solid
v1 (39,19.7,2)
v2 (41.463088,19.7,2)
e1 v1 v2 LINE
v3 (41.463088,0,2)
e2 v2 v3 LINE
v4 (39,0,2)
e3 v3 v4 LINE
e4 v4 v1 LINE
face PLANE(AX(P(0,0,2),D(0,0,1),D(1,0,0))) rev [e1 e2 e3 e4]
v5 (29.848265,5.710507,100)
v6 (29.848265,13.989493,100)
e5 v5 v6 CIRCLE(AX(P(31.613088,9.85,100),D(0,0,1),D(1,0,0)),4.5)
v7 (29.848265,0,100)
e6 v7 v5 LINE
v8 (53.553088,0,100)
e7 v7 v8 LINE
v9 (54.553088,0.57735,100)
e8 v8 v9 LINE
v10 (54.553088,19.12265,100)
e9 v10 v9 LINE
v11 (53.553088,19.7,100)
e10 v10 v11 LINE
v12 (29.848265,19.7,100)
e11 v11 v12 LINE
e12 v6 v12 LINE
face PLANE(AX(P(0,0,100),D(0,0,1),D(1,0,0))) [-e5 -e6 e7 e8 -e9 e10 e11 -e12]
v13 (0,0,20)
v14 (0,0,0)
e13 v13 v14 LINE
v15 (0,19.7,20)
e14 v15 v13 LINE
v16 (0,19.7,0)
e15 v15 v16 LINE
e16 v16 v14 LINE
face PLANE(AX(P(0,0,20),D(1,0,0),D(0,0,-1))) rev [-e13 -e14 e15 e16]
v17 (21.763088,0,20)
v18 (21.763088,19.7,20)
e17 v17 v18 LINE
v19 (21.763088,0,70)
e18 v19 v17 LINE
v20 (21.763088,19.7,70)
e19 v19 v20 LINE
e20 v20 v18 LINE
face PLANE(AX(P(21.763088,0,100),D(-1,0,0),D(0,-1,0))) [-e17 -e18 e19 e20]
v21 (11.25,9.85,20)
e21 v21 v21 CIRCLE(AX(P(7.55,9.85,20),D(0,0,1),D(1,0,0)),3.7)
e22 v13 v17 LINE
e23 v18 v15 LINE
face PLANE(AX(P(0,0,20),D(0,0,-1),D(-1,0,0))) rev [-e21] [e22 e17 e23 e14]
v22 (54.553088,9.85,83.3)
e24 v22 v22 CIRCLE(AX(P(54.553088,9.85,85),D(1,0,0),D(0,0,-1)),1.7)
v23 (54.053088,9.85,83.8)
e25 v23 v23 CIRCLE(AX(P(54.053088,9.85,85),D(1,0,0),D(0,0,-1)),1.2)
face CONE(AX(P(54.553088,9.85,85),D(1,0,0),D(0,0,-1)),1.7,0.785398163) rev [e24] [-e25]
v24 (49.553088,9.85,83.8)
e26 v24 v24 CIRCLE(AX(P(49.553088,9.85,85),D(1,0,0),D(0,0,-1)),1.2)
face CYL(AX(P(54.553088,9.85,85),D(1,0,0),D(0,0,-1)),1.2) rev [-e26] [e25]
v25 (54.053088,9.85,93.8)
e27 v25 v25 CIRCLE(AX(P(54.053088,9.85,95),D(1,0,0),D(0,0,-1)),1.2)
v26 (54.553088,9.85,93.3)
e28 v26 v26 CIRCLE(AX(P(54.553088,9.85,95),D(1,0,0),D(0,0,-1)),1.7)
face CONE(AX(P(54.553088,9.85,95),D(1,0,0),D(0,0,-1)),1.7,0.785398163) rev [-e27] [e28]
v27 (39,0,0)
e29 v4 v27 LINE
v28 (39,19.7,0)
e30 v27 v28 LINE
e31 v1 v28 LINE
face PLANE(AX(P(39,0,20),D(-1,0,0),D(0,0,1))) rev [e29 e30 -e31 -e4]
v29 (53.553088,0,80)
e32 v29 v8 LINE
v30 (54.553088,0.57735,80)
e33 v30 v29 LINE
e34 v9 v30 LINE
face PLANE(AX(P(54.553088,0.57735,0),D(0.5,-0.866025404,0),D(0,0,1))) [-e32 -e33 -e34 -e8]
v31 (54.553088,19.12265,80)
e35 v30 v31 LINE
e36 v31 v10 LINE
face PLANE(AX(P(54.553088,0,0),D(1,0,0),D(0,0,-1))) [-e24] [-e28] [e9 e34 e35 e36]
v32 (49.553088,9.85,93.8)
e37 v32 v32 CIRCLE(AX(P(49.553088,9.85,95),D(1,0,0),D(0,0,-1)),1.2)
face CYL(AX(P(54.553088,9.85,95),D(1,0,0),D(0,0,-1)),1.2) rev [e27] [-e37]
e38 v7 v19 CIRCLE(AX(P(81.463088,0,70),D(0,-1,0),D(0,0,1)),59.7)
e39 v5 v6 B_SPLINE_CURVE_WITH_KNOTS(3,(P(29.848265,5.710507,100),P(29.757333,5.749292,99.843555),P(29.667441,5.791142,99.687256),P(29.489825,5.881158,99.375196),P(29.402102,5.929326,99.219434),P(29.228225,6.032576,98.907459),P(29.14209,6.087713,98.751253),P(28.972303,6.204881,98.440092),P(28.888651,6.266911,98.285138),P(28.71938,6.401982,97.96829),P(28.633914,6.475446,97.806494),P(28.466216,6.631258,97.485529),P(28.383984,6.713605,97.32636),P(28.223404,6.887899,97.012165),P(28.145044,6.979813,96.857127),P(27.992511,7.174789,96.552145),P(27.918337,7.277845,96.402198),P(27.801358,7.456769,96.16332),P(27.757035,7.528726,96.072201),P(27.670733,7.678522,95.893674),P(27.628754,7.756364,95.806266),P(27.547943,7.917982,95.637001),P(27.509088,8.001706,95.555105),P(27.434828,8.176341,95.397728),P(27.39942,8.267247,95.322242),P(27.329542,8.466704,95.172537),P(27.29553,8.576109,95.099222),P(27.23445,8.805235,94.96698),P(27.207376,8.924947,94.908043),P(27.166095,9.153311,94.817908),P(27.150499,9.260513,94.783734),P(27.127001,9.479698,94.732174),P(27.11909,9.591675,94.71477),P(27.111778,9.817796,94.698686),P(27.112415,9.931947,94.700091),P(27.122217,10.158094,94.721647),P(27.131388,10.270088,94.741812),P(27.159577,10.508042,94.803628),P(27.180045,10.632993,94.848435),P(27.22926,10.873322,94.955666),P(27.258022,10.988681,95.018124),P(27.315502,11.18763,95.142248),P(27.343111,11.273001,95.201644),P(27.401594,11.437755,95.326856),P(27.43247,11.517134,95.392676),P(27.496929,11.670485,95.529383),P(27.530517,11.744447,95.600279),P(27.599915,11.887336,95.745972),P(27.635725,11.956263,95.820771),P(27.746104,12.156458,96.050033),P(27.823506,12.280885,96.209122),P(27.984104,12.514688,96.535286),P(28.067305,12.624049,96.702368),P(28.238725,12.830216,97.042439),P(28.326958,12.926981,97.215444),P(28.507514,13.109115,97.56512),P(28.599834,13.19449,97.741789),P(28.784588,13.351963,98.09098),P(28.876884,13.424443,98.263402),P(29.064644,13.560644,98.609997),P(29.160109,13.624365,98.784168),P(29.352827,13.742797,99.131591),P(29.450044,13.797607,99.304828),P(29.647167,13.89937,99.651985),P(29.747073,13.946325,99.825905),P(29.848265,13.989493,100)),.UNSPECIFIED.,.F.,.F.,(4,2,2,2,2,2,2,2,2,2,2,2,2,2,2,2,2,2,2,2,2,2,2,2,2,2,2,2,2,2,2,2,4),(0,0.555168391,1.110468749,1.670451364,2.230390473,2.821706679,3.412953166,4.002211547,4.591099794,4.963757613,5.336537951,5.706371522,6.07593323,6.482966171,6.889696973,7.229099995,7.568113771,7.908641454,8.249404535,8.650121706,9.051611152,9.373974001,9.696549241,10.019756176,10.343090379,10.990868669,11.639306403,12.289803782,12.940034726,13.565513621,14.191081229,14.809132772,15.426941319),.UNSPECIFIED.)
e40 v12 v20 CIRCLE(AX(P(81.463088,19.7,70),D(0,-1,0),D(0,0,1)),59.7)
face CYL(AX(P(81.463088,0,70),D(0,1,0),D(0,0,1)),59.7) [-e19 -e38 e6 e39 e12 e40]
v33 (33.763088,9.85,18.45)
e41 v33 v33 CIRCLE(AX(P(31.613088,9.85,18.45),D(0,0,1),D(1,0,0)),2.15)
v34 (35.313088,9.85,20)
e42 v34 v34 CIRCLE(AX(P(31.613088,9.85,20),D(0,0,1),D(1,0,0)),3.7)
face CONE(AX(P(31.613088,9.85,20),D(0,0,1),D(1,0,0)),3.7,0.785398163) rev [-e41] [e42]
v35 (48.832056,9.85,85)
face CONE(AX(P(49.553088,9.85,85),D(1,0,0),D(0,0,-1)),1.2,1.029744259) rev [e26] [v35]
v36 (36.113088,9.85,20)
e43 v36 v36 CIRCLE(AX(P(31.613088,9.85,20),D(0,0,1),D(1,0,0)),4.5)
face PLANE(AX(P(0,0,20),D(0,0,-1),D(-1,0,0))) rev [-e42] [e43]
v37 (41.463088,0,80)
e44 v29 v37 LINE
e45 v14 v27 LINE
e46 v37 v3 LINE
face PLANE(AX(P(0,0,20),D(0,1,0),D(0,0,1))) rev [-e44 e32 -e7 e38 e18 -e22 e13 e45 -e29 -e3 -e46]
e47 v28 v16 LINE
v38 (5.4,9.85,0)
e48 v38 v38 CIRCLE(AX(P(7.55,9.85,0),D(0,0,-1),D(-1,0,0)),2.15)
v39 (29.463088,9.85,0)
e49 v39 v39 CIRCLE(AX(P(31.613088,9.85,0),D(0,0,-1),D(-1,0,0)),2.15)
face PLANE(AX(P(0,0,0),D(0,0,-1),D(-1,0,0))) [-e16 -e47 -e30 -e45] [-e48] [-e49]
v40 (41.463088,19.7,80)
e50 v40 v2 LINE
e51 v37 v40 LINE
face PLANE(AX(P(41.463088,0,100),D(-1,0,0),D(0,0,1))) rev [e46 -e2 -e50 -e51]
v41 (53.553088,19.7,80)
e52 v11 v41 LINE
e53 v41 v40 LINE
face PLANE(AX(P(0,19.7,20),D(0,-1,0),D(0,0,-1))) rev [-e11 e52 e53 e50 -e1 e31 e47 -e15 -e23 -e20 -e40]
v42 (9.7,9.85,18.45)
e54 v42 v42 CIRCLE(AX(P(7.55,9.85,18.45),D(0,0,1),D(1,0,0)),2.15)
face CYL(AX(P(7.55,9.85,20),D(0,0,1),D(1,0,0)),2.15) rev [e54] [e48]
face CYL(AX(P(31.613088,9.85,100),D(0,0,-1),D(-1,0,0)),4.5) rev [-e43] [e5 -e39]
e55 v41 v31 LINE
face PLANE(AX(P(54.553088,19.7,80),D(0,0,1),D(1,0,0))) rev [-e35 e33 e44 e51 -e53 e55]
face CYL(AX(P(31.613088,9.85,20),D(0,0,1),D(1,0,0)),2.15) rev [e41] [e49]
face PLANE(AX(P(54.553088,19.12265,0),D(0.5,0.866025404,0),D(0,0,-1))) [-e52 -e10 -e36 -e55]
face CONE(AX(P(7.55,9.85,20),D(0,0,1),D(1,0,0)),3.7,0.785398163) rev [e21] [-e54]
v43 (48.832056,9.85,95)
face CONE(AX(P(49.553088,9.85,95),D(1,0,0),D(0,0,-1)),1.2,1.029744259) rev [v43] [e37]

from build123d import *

# Parameters (mm, degrees)
SCHIZZO1_W                             = 39
SCHIZZO1_H                             = 19.7
ESTRUSIONE_ESTRUSIONE1_DEPTH           = 20
FORO_SVASATO_PER_VITE_M4_1_D           = 4.3
FORO_SVASATO_PER_VITE_M4_1_DEPTH       = 20
FORO_SVASATO_PER_VITE_M4_1_CSINK_D     = 7.4
FORO_SVASATO_PER_VITE_M4_1_CSINK_ANGLE = 90
ESTRUSIONE_ESTRUSIONE4_DEPTH           = 80
SCHIZZO7_W                             = 2.463088349
SCHIZZO7_H                             = 19.7
ESTRUSIONE_ESTRUSIONE5_DEPTH           = 18
TAGLIO_ESTRUSIONE2_DEPTH               = 20.7
SCHIZZO17_W                            = 20
SCHIZZO17_H                            = 19.7
ESTRUSIONE_ESTRUSIONE7_DEPTH           = 13.09
SMUSSO1_SIZE                           = 1
SMUSSO1_SIZE2                          = 0.577350269
SMUSSO1_PART_2_SIZE                    = 1
SMUSSO1_PART_2_SIZE2                   = 0.577350269
FORO_SVASATO_PER_VITE_M2_1_D           = 2.4
FORO_SVASATO_PER_VITE_M2_1_DEPTH       = 5
FORO_SVASATO_PER_VITE_M2_1_CSINK_D     = 3.4
FORO_SVASATO_PER_VITE_M2_1_CSINK_ANGLE = 90
FORO_SVASATO_PER_VITE_M2_1_TIP         = 0.721032743


with BuildPart() as part:
    # Schizzo1 → Estrusione-Estrusione1 (new body)
    with BuildSketch(Plane.XY):
        with Locations((19.5, 9.85)):
            Rectangle(SCHIZZO1_W, SCHIZZO1_H)
    extrude(amount=ESTRUSIONE_ESTRUSIONE1_DEPTH)

    # Foro svasato per Vite M4-1
    with Locations(Plane(origin=(7.55, 9.85, 20), x_dir=(1, 0, 0), z_dir=(0, 0, 1))):
        with Locations((0, 0), (24.063088349, 0)):
            CounterSinkHole(FORO_SVASATO_PER_VITE_M4_1_D / 2, FORO_SVASATO_PER_VITE_M4_1_CSINK_D / 2, depth=FORO_SVASATO_PER_VITE_M4_1_DEPTH, counter_sink_angle=FORO_SVASATO_PER_VITE_M4_1_CSINK_ANGLE)

    # Schizzo2 → Estrusione-Estrusione4 (add)
    with BuildSketch(Plane.XY.offset(20)):
        with BuildLine():
            Line((21.763088349, 19.7), (21.763088349, 9.85))
            Line((21.763088349, 9.85), (27.113088349, 9.85))
            ThreePointArc((27.113088349, 9.85), (31.613088349, 14.35), (36.113088349, 9.85))
            Line((36.113088349, 9.85), (39, 9.85))
            Line((39, 9.85), (39, 19.7))
            Line((39, 19.7), (21.763088349, 19.7))
        make_face()
        with BuildLine():
            Line((27.113088349, 9.85), (21.763088349, 9.85))
            Line((21.763088349, 9.85), (21.763088349, 0))
            Line((21.763088349, 0), (39, 0))
            Line((39, 0), (39, 9.85))
            Line((39, 9.85), (36.113088349, 9.85))
            ThreePointArc((36.113088349, 9.85), (31.613088349, 5.35), (27.113088349, 9.85))
        make_face()
        Polygon((39, 9.85), (39, 0), (41.463088349, 0), (41.463088349, 19.7), (39, 19.7), align=None)
    extrude(amount=ESTRUSIONE_ESTRUSIONE4_DEPTH)

    # Schizzo7 → Estrusione-Estrusione5 (add)
    with BuildSketch(Plane(origin=(0, 0, 20), x_dir=(-1, 0, 0), z_dir=(0, 0, -1))):
        with Locations((-40.231544175, 9.85)):
            Rectangle(SCHIZZO7_W, SCHIZZO7_H)
    extrude(amount=ESTRUSIONE_ESTRUSIONE5_DEPTH)

    # Schizzo9 → Taglio-Estrusione2 (cut, through all)
    with BuildSketch(Plane(origin=(0, 19.7, 0), x_dir=(1, 0, 0), z_dir=(0, 1, 0))):
        with BuildLine():
            Line((21.763088349, -70), (21.763088349, -100))
            Line((21.763088349, -100), (29.848264897, -100))
            ThreePointArc((29.848264897, -100), (23.81981051, -85.535202604), (21.763088349, -70))
        make_face()
    extrude(amount=-TAGLIO_ESTRUSIONE2_DEPTH, mode=Mode.SUBTRACT)

    # Schizzo17 → Estrusione-Estrusione7 (add)
    with BuildSketch(Plane(origin=(41.463088349, 0, 0), x_dir=(0, 0, -1), z_dir=(1, 0, 0))):
        with Locations((-90, 9.85)):
            Rectangle(SCHIZZO17_W, SCHIZZO17_H)
    extrude(amount=ESTRUSIONE_ESTRUSIONE7_DEPTH)

    # Smusso1
    smusso1_edges = [part.edges().sort_by_distance(p)[0] for p in [
        (54.553088349, 0, 90),
    ]]
    smusso1_side = [part.faces().sort_by_distance(p)[0] for p in [
        (29.991928904, 0, 46.112902696),
    ]]
    chamfer(smusso1_edges, length=SMUSSO1_SIZE, length2=SMUSSO1_SIZE2, reference=smusso1_side[0])

    # Smusso1 part 2
    smusso1_part_2_edges = [part.edges().sort_by_distance(p)[0] for p in [
        (54.553088349, 19.7, 90),
    ]]
    smusso1_part_2_side = [part.faces().sort_by_distance(p)[0] for p in [
        (29.991928904, 19.7, 46.112902696),
    ]]
    chamfer(smusso1_part_2_edges, length=SMUSSO1_PART_2_SIZE, length2=SMUSSO1_PART_2_SIZE2, reference=smusso1_part_2_side[0])

    # Foro svasato per Vite M2-1
    with Locations(Plane(origin=(54.553088349, 9.85, 95), x_dir=(0, 0, 1), z_dir=(1, 0, 0))):
        with Locations((0, 0), (-10, 0)):
            CounterSinkHole(FORO_SVASATO_PER_VITE_M2_1_D / 2, FORO_SVASATO_PER_VITE_M2_1_CSINK_D / 2, depth=FORO_SVASATO_PER_VITE_M2_1_DEPTH, counter_sink_angle=FORO_SVASATO_PER_VITE_M2_1_CSINK_ANGLE)
            with Locations((0, 0, -(FORO_SVASATO_PER_VITE_M2_1_DEPTH + FORO_SVASATO_PER_VITE_M2_1_TIP / 2))):  # 118° drill point
                Cone(0, FORO_SVASATO_PER_VITE_M2_1_D / 2, FORO_SVASATO_PER_VITE_M2_1_TIP, mode=Mode.SUBTRACT)


solid = part.part
